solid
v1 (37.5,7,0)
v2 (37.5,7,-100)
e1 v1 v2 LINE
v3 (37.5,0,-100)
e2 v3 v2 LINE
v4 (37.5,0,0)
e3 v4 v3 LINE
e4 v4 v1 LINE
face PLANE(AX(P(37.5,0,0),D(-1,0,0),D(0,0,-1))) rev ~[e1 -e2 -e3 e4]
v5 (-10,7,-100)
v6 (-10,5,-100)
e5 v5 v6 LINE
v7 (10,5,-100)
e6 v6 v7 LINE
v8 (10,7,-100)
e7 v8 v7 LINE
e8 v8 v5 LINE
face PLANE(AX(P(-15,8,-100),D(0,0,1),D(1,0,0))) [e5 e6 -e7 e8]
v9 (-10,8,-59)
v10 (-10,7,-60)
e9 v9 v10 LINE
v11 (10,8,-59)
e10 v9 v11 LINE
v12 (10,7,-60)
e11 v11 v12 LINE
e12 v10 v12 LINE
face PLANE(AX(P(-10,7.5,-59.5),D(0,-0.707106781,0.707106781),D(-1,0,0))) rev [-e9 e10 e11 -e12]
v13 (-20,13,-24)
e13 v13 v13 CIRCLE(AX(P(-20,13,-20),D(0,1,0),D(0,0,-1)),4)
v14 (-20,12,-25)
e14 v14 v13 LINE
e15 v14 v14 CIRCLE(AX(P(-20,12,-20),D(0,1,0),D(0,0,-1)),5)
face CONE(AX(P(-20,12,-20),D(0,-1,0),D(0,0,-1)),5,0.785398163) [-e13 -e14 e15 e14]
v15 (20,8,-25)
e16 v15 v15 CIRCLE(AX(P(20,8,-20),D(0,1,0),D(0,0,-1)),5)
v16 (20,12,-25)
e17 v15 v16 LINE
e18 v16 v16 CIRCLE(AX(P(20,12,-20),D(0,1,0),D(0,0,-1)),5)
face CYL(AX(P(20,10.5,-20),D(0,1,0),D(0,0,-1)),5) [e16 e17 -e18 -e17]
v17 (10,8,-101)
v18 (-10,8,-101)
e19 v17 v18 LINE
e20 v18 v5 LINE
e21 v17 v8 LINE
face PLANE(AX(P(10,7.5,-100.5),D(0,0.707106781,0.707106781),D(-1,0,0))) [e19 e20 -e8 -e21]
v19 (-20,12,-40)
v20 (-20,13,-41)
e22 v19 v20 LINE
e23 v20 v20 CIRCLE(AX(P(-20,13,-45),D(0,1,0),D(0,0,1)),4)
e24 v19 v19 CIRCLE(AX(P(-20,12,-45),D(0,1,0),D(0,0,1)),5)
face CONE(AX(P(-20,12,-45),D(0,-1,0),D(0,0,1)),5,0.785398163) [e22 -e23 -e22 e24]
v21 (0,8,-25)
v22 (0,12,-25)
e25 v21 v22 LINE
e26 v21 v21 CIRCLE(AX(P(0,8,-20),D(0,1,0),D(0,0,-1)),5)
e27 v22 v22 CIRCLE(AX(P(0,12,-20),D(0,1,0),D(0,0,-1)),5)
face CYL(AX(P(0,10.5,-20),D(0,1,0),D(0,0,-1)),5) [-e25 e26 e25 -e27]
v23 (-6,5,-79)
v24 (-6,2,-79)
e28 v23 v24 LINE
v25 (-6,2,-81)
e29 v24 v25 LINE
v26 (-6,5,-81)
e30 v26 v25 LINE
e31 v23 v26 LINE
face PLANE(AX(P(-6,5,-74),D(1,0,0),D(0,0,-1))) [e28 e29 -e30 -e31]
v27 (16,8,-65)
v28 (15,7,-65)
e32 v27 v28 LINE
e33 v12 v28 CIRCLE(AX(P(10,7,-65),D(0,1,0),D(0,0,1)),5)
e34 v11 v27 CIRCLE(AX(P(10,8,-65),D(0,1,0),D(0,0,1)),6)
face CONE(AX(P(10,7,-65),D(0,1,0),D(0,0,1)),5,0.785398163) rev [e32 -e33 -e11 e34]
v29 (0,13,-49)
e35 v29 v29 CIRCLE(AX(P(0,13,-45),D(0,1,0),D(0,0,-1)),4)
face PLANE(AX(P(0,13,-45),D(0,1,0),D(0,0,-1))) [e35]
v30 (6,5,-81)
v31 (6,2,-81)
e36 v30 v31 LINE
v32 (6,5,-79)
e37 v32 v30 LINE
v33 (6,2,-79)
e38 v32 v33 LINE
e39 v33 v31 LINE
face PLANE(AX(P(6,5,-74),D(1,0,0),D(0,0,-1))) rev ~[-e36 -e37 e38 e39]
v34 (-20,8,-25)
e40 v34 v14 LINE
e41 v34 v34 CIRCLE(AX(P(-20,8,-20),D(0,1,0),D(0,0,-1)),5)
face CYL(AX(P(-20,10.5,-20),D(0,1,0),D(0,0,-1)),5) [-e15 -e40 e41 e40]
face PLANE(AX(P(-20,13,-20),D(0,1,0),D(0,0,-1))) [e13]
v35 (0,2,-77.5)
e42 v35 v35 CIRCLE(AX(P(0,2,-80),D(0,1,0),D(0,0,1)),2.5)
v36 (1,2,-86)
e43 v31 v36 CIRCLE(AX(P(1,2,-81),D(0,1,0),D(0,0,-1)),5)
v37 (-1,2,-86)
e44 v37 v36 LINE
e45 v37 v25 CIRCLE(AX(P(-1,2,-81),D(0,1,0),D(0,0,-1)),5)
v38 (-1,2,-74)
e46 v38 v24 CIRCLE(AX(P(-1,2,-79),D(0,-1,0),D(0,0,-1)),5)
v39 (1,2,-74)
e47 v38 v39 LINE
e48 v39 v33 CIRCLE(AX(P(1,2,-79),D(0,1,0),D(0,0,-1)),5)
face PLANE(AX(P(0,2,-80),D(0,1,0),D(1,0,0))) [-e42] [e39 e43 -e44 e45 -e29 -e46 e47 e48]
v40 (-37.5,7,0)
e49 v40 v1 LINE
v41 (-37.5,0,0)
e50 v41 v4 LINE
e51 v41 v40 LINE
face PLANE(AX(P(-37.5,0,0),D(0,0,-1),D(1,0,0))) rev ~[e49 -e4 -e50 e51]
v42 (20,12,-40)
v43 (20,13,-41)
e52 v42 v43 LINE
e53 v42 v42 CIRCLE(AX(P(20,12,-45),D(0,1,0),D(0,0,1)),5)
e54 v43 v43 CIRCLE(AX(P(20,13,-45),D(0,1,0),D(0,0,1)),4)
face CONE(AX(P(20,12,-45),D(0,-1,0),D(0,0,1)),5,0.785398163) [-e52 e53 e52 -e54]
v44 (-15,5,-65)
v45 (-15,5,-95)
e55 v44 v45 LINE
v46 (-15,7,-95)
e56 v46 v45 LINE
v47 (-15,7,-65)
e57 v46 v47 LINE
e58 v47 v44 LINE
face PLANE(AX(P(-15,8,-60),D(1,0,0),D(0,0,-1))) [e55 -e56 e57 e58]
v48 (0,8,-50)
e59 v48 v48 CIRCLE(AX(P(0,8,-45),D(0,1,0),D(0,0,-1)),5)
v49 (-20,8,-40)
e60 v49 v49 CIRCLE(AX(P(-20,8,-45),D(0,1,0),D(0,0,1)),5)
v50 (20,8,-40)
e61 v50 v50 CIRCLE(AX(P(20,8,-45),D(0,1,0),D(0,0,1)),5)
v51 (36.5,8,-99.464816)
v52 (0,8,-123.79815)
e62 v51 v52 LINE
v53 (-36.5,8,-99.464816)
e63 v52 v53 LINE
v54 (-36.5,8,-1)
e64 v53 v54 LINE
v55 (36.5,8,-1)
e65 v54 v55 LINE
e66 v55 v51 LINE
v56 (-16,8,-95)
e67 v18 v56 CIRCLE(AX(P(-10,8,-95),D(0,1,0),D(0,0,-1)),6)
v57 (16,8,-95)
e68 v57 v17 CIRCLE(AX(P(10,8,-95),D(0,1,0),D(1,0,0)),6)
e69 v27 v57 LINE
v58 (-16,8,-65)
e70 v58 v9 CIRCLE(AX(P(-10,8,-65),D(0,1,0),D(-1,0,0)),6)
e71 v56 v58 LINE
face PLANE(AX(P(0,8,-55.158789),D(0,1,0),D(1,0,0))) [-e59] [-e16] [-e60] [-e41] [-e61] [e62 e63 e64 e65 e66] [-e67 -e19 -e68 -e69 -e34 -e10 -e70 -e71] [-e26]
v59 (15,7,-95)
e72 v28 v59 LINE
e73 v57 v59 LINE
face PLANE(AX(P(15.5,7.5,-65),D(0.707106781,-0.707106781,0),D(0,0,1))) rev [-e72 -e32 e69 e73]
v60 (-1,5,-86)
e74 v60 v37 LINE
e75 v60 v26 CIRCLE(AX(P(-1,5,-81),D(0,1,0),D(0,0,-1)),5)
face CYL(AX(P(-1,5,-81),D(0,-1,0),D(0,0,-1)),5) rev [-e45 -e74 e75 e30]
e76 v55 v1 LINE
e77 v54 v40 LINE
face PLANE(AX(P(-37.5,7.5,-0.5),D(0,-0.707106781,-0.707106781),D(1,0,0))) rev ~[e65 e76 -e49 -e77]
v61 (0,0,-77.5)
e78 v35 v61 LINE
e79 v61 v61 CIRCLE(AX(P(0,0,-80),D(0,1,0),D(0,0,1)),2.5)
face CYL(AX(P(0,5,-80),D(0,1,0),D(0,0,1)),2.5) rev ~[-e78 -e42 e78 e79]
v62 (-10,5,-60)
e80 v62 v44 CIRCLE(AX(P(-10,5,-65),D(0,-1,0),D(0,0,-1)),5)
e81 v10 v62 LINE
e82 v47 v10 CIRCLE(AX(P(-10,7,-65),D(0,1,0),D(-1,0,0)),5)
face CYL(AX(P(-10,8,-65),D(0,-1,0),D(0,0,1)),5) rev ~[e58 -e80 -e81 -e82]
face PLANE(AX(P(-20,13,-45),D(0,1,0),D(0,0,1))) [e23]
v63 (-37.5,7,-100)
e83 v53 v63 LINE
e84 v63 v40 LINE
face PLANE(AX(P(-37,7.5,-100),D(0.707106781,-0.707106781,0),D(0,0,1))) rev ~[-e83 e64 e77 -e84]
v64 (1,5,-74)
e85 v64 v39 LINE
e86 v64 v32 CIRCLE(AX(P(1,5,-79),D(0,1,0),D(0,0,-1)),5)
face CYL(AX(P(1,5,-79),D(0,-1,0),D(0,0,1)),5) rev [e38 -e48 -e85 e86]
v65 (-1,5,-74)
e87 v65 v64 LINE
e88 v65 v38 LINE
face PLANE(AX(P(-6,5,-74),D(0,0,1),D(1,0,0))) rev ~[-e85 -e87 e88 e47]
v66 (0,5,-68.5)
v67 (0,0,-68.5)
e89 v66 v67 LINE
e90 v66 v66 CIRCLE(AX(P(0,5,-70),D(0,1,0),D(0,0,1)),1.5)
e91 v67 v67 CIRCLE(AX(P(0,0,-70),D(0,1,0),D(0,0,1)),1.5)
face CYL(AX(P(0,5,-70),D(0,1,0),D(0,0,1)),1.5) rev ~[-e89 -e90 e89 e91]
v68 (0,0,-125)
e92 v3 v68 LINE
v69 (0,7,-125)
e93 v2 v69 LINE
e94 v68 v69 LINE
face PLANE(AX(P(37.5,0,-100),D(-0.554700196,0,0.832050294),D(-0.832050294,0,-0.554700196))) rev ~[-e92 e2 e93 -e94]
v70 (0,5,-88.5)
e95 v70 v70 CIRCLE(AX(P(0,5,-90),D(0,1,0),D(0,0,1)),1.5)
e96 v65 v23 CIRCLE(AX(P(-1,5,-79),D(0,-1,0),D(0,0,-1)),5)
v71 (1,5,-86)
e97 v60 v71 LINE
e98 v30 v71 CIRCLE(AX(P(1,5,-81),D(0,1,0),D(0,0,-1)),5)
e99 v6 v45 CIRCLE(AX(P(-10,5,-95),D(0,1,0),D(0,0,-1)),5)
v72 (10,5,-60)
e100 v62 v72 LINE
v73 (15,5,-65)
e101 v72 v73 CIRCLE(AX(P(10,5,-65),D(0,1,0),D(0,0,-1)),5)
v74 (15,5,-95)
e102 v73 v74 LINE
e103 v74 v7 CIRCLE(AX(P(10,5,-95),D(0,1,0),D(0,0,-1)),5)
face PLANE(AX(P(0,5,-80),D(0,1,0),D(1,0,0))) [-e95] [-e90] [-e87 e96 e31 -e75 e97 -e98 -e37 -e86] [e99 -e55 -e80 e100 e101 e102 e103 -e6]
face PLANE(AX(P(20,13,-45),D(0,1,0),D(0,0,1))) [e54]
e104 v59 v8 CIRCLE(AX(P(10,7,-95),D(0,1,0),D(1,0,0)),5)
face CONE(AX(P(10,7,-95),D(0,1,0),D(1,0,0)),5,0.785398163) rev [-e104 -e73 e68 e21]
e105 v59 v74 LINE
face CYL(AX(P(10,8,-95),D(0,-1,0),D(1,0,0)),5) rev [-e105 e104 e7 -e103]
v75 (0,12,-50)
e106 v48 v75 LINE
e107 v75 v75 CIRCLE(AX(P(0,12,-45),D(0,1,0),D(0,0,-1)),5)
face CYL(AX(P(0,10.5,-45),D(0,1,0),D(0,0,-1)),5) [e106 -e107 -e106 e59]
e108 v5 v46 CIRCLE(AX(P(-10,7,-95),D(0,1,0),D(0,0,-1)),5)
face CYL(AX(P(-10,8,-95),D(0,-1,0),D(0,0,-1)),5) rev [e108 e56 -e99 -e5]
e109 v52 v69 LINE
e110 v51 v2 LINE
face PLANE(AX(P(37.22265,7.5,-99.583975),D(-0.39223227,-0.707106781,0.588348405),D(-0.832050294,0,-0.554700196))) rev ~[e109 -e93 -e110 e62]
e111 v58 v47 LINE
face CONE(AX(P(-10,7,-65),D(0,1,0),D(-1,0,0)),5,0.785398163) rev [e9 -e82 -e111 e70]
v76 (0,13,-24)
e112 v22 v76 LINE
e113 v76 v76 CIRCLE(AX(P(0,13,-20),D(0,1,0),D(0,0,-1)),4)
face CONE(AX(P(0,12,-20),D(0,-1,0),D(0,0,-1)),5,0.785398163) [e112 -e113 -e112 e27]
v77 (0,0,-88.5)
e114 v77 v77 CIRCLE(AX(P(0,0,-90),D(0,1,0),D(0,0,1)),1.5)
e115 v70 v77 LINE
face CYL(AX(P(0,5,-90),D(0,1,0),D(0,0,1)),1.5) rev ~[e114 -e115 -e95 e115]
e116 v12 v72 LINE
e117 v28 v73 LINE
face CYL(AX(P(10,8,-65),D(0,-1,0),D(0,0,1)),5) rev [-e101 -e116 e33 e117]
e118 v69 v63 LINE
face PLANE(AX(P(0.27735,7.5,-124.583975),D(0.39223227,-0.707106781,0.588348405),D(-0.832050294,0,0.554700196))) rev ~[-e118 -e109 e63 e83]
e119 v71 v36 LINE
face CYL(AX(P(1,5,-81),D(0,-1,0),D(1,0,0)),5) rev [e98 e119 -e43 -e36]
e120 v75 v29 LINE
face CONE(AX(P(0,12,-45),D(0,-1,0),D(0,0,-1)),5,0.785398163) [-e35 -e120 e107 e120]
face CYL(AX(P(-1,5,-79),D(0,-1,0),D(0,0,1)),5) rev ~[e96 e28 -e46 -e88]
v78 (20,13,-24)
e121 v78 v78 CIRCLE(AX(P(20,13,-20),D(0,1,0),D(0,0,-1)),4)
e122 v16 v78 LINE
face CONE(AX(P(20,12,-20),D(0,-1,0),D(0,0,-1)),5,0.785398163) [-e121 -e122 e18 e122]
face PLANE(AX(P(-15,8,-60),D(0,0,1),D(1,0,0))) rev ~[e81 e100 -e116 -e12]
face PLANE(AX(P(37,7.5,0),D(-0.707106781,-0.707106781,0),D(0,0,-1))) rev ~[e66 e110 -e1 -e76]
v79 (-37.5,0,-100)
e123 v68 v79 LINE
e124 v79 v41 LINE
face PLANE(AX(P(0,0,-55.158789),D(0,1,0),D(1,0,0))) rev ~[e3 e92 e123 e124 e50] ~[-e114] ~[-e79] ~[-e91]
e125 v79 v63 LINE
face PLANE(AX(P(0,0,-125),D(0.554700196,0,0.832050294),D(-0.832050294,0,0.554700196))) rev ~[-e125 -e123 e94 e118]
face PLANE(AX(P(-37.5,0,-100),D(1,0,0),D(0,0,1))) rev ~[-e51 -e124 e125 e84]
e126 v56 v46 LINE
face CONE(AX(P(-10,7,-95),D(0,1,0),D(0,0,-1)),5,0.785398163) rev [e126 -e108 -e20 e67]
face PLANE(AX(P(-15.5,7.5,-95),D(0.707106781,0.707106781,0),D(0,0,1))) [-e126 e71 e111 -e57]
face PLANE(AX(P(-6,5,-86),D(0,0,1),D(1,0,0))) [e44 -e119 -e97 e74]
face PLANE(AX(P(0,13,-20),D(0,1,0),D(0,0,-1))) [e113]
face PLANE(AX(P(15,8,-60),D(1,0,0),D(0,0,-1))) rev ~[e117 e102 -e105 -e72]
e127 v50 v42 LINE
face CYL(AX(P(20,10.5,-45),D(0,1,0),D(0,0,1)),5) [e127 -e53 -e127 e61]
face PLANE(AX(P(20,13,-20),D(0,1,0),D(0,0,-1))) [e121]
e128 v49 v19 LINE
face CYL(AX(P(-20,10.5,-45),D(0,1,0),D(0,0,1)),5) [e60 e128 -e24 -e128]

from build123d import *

# Parameters (mm, degrees)
BOSS_EXTRUDE1_DEPTH       = 8
SKETCH2_W                 = 5
SKETCH2_H                 = 5
LPATTERN1_COUNT           = 2
LPATTERN1_PITCH           = 20
LPATTERN1_COL_COUNT       = 2
LPATTERN1_COL_PITCH       = 20
LPATTERN2_COUNT           = 2
LPATTERN2_PITCH           = 25
LPATTERN2_COPY_1_SKETCH_W = 5
LPATTERN2_COPY_1_SKETCH_H = 5
LPATTERN2_COPY_2_SKETCH_W = 5
LPATTERN2_COPY_2_SKETCH_H = 5
SKETCH3_W                 = 30
SKETCH3_H                 = 40
CUT_EXTRUDE1_DEPTH        = 3
FILLET1_R                 = 5
CHAMFER1_SIZE             = 1
SKETCH4_R                 = 1.5
SKETCH4_R_2               = 2.5
CUT_EXTRUDE2_DEPTH        = 131.748804966
SKETCH5_W                 = 12
SKETCH5_H                 = 12
CUT_EXTRUDE3_DEPTH        = 3
FILLET2_R                 = 5


with BuildPart() as part:
    # Sketch1 → Boss-Extrude1 (new body)
    with BuildSketch(Plane(origin=(0, 0, 0), x_dir=(1, 0, 0), z_dir=(0, 1, 0))):
        Polygon((-37.5, 0), (37.5, 0), (37.5, 100), (0, 125), (-37.5, 100), align=None)
    extrude(amount=BOSS_EXTRUDE1_DEPTH)

    # Sketch2 → Revolve1 (revolve)
    with BuildSketch(Plane(origin=(0, 0, 0), x_dir=(0, 0, -1), z_dir=(1, 0, 0)), mode=Mode.PRIVATE) as revolve1_sk:
        with Locations((17.5, 10.5)):
            Rectangle(SKETCH2_W, SKETCH2_H)
    revolve1 = revolve(revolve1_sk.sketch.rotate(Axis((0, 8, -20), (0, 1, 0)), 180), axis=Axis((0, 8, -20), (0, 1, 0)))

    # LPattern1: Revolve1 ×2
    with Locations(*[(-i * LPATTERN1_PITCH, 0, 0) for i in range(1, LPATTERN1_COUNT)]):
        add(revolve1)

    # LPattern1 col: Revolve1 ×2
    with Locations(*[(i * LPATTERN1_COL_PITCH, 0, 0) for i in range(1, LPATTERN1_COL_COUNT)]):
        add(revolve1)

    # LPattern2: Revolve1 ×2
    with Locations(*[(0, 0, -i * LPATTERN2_PITCH) for i in range(1, LPATTERN2_COUNT)]):
        add(revolve1)

    # LPattern2 copy 1 sketch → LPattern2 copy 1 (revolve)
    with BuildSketch(Plane(origin=(-20, 0, -25), x_dir=(0, 0, -1), z_dir=(1, 0, 0))):
        with Locations((17.5, 10.5)):
            Rectangle(LPATTERN2_COPY_1_SKETCH_W, LPATTERN2_COPY_1_SKETCH_H)
    revolve(axis=Axis((-20, 8, -45), (0, 1, 0)))

    # LPattern2 copy 2 sketch → LPattern2 copy 2 (revolve)
    with BuildSketch(Plane(origin=(20, 0, -25), x_dir=(0, 0, -1), z_dir=(1, 0, 0))):
        with Locations((17.5, 10.5)):
            Rectangle(LPATTERN2_COPY_2_SKETCH_W, LPATTERN2_COPY_2_SKETCH_H)
    revolve(axis=Axis((20, 8, -45), (0, 1, 0)))

    # Sketch3 → Cut-Extrude1 (cut)
    with BuildSketch(Plane(origin=(0, 8, 0), x_dir=(1, 0, 0), z_dir=(0, 1, 0))):
        with Locations((0, 80)):
            Rectangle(SKETCH3_W, SKETCH3_H)
    extrude(amount=-CUT_EXTRUDE1_DEPTH, mode=Mode.SUBTRACT)

    # Fillet1
    fillet1_edges = [part.edges().sort_by_distance(p)[0] for p in [
        (-15, 6.5, -60),
        (-15, 6.5, -100),
        (15, 6.5, -100),
        (15, 6.5, -60),
    ]]
    fillet(fillet1_edges, radius=FILLET1_R)

    # Chamfer1
    chamfer1_edges = [part.edges().sort_by_distance(p)[0] for p in [
        (18.75, 8, -112.5),
        (-18.75, 8, -112.5),
        (0, 13, -15),
        (20, 13, -15),
        (-37.5, 8, -50),
        (-20, 13, -15),
        (0, 8, 0),
        (0, 13, -40),
        (20, 13, -50),
        (-20, 13, -50),
        (37.5, 8, -50),
        (15, 8, -80),
        (0, 8, -60),
        (0, 8, -100),
        (-15, 8, -80),
        (13.535533906, 8, -61.464466094),
        (13.535533906, 8, -98.535533906),
        (-13.535533906, 8, -61.464466094),
        (-13.535533906, 8, -98.535533906),
    ]]
    chamfer(chamfer1_edges, length=CHAMFER1_SIZE)

    # Sketch4 → Cut-Extrude2 (cut, through all)
    with BuildSketch(Plane(origin=(0, 5, 0), x_dir=(1, 0, 0), z_dir=(0, 1, 0))):
        with Locations(Location((0, 90, 0), (0, 0, 270))):
            Circle(SKETCH4_R)
        with Locations(Location((0, 80, 0), (0, 0, 270))):
            Circle(SKETCH4_R_2)
        with Locations(Location((0, 70, 0), (0, 0, 270))):
            Circle(SKETCH4_R)
    extrude(amount=-CUT_EXTRUDE2_DEPTH, mode=Mode.SUBTRACT)

    # Sketch5 → Cut-Extrude3 (cut)
    with BuildSketch(Plane(origin=(0, 5, 0), x_dir=(1, 0, 0), z_dir=(0, 1, 0))):
        with Locations((0, 80)):
            Rectangle(SKETCH5_W, SKETCH5_H)
    extrude(amount=-CUT_EXTRUDE3_DEPTH, mode=Mode.SUBTRACT)

    # Fillet2
    fillet2_edges = [part.edges().sort_by_distance(p)[0] for p in [
        (-6, 3.5, -74),
        (-6, 3.5, -86),
        (6, 3.5, -86),
        (6, 3.5, -74),
    ]]
    fillet(fillet2_edges, radius=FILLET2_R)


solid = part.part
